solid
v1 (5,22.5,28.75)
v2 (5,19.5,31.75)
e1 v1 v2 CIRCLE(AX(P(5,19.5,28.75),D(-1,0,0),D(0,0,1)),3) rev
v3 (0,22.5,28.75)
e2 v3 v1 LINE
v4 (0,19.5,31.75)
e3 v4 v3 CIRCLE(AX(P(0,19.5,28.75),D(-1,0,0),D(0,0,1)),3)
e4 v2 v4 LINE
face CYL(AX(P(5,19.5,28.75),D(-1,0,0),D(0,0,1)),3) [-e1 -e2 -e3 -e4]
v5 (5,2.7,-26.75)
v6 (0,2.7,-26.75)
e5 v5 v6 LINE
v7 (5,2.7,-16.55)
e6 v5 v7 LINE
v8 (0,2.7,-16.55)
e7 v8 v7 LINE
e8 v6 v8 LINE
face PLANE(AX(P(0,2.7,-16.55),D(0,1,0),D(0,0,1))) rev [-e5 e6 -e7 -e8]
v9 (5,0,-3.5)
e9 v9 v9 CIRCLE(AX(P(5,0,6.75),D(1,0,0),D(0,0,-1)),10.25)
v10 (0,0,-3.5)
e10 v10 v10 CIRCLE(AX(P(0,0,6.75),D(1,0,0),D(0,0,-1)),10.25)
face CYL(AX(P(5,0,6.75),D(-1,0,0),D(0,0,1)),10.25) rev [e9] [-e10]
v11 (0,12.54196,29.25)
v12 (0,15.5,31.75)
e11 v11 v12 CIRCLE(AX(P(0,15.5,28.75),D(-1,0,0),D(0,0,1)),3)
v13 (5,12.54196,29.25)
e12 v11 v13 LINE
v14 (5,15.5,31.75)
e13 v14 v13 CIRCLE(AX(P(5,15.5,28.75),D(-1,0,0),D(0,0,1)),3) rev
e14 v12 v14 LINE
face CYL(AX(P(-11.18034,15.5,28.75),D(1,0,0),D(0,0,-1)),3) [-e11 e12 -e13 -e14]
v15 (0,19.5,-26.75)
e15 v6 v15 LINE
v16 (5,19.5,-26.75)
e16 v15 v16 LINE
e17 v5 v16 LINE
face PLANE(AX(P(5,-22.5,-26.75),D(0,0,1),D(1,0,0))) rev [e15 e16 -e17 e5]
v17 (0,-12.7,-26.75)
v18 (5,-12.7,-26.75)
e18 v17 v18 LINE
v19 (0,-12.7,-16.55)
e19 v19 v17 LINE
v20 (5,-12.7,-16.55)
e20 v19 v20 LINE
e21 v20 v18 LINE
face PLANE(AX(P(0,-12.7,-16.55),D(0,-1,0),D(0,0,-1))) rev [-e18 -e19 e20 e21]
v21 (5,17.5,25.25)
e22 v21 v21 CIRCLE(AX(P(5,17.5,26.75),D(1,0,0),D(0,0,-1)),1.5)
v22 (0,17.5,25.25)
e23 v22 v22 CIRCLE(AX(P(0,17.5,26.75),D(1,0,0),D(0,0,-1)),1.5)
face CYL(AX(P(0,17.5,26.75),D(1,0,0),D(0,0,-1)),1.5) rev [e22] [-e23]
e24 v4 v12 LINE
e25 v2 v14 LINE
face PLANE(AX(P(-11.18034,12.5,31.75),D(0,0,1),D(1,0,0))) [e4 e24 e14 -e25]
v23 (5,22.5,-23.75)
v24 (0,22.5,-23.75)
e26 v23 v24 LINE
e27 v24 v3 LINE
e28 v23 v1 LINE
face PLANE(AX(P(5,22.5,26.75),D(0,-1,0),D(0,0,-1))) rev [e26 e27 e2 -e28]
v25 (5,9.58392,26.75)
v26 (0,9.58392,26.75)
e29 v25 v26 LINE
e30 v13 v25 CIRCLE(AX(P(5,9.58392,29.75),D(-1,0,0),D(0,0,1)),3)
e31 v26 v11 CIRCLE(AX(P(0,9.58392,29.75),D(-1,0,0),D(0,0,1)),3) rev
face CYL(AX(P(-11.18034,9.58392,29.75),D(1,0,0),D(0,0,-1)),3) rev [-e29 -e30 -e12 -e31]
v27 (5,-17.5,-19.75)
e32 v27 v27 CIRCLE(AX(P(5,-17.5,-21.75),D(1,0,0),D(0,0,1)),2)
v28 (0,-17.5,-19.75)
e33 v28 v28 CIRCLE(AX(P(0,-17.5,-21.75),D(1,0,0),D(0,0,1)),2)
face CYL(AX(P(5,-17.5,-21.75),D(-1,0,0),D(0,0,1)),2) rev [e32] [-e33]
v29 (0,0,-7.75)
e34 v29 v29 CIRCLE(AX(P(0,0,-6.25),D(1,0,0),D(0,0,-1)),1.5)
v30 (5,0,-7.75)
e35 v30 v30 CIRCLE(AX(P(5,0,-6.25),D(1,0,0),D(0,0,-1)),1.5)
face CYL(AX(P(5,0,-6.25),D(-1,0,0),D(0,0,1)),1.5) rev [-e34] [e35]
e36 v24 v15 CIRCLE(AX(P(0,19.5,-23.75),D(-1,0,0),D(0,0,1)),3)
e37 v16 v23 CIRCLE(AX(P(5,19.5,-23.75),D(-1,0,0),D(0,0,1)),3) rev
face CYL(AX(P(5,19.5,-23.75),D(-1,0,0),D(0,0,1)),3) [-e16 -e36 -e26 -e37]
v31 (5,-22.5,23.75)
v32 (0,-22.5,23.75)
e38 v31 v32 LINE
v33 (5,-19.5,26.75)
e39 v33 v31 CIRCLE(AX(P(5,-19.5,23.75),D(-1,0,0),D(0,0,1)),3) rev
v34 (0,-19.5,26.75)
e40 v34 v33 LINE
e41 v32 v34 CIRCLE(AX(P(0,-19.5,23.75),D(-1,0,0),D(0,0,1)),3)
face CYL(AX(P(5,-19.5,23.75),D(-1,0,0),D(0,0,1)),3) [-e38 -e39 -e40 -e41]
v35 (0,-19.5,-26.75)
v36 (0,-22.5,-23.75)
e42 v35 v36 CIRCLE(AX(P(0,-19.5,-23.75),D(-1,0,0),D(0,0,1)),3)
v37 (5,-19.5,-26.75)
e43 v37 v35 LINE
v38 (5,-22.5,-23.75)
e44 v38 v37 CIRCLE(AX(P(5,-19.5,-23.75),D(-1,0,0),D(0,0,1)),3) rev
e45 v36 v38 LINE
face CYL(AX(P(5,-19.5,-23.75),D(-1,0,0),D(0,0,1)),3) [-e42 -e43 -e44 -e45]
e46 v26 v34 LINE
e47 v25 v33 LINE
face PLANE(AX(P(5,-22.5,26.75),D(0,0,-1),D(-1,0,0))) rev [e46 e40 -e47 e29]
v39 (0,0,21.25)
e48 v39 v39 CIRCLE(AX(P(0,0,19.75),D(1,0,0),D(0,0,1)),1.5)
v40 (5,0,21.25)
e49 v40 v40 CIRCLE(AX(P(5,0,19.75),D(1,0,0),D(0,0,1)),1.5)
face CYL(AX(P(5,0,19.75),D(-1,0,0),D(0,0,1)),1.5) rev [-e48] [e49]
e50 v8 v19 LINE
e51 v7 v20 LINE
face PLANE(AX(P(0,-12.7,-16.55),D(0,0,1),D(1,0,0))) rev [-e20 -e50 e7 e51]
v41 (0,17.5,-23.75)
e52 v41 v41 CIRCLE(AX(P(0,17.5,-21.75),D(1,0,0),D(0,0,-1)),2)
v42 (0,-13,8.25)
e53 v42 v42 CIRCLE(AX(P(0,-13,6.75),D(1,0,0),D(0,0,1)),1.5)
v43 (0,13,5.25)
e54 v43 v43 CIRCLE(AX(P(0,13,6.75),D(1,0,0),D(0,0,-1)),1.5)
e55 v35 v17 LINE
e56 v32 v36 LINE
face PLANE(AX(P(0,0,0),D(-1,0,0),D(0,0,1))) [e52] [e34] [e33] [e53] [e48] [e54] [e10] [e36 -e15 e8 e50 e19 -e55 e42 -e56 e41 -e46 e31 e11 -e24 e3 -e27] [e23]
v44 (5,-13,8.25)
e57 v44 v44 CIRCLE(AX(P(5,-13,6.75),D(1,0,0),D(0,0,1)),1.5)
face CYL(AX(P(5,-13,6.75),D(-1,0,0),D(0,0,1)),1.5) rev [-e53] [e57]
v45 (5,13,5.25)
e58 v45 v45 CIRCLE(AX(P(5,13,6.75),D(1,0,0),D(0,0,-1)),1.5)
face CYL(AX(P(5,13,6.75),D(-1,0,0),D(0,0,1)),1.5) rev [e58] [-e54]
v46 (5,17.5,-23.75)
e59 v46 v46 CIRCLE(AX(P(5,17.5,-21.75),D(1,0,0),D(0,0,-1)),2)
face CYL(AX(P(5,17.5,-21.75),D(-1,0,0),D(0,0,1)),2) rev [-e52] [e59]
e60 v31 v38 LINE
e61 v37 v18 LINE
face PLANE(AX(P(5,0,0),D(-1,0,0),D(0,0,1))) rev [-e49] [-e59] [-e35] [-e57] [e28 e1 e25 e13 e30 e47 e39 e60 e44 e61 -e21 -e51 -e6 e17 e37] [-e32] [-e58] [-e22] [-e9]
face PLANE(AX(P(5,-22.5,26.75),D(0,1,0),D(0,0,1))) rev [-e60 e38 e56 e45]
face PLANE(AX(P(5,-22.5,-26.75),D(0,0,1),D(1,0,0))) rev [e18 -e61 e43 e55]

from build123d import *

# Parameters (mm, degrees)
SKETCH_1_W          = 53.5
SKETCH_1_H          = 45
SKETCH_1_R          = 10.25
SKETCH_1_R_2        = 2
SKETCH_1_R_3        = 1.5
EXTRUDE_1_DEPTH     = 5
SKETCH_3_W          = 5
SKETCH_3_H          = 10
EXTRUDE_2_DEPTH     = 5
SKETCH_4_R          = 1.5
SKETCH_4_W          = 10.4
SKETCH_4_H          = 15.4
CUT_EXTRUDE_2_DEPTH = 40.234073202
FILLET_1_R          = 3
FILLET_2_R          = 3


with BuildPart() as part:
    # ｽｹｯﾁ1 → ﾎﾞｽ - 押し出し1 (new body)
    with BuildSketch(Plane(origin=(0, 0, 0), x_dir=(0, 0, -1), z_dir=(1, 0, 0))):
        Rectangle(SKETCH_1_W, SKETCH_1_H)
        with Locations((-6.75, 0)):
            Circle(SKETCH_1_R, mode=Mode.SUBTRACT)
        with Locations((21.75, 17.5)):
            Circle(SKETCH_1_R_2, mode=Mode.SUBTRACT)
        with Locations(Location((21.75, -17.5, 0), (0, 0, 180))):
            Circle(SKETCH_1_R_2, mode=Mode.SUBTRACT)
        with Locations((6.25, 0)):
            Circle(SKETCH_1_R_3, mode=Mode.SUBTRACT)
        with Locations(Location((-19.75, 0, 0), (0, 0, 180))):
            Circle(SKETCH_1_R_3, mode=Mode.SUBTRACT)
        with Locations((-6.75, 13)):
            Circle(SKETCH_1_R_3, mode=Mode.SUBTRACT)
        with Locations(Location((-6.75, -13, 0), (0, 0, 180))):
            Circle(SKETCH_1_R_3, mode=Mode.SUBTRACT)
    extrude(amount=EXTRUDE_1_DEPTH)

    # ｽｹｯﾁ3 → ﾎﾞｽ - 押し出し2 (add)
    with BuildSketch(Plane(origin=(5, 0, 0), x_dir=(0, 0, -1), z_dir=(1, 0, 0))):
        with Locations((-29.25, 17.5)):
            Rectangle(SKETCH_3_W, SKETCH_3_H)
    extrude(amount=-EXTRUDE_2_DEPTH)

    # ｽｹｯﾁ4 → ｶｯﾄ - 押し出し2 (cut, through all)
    with BuildSketch(Plane(origin=(5, 0, 0), x_dir=(0, 0, -1), z_dir=(1, 0, 0))):
        with Locations((-26.75, 17.5)):
            Circle(SKETCH_4_R)
        with Locations((21.75, -5)):
            Rectangle(SKETCH_4_W, SKETCH_4_H)
    extrude(amount=-CUT_EXTRUDE_2_DEPTH, mode=Mode.SUBTRACT)

    # ﾌｨﾚｯﾄ1
    fillet_1_edges = [part.edges().sort_by_distance(p)[0] for p in [
        (2.5, 22.5, 31.75),
        (2.5, 12.5, 31.75),
        (2.5, -22.5, -26.75),
        (2.5, -22.5, 26.75),
        (2.5, 22.5, -26.75),
    ]]
    fillet(fillet_1_edges, radius=FILLET_1_R)

    # ﾌｨﾚｯﾄ2
    fillet_2_edges = [part.edges().sort_by_distance(p)[0] for p in [
        (2.5, 12.5, 26.75),
    ]]
    fillet(fillet_2_edges, radius=FILLET_2_R)


solid = part.part
